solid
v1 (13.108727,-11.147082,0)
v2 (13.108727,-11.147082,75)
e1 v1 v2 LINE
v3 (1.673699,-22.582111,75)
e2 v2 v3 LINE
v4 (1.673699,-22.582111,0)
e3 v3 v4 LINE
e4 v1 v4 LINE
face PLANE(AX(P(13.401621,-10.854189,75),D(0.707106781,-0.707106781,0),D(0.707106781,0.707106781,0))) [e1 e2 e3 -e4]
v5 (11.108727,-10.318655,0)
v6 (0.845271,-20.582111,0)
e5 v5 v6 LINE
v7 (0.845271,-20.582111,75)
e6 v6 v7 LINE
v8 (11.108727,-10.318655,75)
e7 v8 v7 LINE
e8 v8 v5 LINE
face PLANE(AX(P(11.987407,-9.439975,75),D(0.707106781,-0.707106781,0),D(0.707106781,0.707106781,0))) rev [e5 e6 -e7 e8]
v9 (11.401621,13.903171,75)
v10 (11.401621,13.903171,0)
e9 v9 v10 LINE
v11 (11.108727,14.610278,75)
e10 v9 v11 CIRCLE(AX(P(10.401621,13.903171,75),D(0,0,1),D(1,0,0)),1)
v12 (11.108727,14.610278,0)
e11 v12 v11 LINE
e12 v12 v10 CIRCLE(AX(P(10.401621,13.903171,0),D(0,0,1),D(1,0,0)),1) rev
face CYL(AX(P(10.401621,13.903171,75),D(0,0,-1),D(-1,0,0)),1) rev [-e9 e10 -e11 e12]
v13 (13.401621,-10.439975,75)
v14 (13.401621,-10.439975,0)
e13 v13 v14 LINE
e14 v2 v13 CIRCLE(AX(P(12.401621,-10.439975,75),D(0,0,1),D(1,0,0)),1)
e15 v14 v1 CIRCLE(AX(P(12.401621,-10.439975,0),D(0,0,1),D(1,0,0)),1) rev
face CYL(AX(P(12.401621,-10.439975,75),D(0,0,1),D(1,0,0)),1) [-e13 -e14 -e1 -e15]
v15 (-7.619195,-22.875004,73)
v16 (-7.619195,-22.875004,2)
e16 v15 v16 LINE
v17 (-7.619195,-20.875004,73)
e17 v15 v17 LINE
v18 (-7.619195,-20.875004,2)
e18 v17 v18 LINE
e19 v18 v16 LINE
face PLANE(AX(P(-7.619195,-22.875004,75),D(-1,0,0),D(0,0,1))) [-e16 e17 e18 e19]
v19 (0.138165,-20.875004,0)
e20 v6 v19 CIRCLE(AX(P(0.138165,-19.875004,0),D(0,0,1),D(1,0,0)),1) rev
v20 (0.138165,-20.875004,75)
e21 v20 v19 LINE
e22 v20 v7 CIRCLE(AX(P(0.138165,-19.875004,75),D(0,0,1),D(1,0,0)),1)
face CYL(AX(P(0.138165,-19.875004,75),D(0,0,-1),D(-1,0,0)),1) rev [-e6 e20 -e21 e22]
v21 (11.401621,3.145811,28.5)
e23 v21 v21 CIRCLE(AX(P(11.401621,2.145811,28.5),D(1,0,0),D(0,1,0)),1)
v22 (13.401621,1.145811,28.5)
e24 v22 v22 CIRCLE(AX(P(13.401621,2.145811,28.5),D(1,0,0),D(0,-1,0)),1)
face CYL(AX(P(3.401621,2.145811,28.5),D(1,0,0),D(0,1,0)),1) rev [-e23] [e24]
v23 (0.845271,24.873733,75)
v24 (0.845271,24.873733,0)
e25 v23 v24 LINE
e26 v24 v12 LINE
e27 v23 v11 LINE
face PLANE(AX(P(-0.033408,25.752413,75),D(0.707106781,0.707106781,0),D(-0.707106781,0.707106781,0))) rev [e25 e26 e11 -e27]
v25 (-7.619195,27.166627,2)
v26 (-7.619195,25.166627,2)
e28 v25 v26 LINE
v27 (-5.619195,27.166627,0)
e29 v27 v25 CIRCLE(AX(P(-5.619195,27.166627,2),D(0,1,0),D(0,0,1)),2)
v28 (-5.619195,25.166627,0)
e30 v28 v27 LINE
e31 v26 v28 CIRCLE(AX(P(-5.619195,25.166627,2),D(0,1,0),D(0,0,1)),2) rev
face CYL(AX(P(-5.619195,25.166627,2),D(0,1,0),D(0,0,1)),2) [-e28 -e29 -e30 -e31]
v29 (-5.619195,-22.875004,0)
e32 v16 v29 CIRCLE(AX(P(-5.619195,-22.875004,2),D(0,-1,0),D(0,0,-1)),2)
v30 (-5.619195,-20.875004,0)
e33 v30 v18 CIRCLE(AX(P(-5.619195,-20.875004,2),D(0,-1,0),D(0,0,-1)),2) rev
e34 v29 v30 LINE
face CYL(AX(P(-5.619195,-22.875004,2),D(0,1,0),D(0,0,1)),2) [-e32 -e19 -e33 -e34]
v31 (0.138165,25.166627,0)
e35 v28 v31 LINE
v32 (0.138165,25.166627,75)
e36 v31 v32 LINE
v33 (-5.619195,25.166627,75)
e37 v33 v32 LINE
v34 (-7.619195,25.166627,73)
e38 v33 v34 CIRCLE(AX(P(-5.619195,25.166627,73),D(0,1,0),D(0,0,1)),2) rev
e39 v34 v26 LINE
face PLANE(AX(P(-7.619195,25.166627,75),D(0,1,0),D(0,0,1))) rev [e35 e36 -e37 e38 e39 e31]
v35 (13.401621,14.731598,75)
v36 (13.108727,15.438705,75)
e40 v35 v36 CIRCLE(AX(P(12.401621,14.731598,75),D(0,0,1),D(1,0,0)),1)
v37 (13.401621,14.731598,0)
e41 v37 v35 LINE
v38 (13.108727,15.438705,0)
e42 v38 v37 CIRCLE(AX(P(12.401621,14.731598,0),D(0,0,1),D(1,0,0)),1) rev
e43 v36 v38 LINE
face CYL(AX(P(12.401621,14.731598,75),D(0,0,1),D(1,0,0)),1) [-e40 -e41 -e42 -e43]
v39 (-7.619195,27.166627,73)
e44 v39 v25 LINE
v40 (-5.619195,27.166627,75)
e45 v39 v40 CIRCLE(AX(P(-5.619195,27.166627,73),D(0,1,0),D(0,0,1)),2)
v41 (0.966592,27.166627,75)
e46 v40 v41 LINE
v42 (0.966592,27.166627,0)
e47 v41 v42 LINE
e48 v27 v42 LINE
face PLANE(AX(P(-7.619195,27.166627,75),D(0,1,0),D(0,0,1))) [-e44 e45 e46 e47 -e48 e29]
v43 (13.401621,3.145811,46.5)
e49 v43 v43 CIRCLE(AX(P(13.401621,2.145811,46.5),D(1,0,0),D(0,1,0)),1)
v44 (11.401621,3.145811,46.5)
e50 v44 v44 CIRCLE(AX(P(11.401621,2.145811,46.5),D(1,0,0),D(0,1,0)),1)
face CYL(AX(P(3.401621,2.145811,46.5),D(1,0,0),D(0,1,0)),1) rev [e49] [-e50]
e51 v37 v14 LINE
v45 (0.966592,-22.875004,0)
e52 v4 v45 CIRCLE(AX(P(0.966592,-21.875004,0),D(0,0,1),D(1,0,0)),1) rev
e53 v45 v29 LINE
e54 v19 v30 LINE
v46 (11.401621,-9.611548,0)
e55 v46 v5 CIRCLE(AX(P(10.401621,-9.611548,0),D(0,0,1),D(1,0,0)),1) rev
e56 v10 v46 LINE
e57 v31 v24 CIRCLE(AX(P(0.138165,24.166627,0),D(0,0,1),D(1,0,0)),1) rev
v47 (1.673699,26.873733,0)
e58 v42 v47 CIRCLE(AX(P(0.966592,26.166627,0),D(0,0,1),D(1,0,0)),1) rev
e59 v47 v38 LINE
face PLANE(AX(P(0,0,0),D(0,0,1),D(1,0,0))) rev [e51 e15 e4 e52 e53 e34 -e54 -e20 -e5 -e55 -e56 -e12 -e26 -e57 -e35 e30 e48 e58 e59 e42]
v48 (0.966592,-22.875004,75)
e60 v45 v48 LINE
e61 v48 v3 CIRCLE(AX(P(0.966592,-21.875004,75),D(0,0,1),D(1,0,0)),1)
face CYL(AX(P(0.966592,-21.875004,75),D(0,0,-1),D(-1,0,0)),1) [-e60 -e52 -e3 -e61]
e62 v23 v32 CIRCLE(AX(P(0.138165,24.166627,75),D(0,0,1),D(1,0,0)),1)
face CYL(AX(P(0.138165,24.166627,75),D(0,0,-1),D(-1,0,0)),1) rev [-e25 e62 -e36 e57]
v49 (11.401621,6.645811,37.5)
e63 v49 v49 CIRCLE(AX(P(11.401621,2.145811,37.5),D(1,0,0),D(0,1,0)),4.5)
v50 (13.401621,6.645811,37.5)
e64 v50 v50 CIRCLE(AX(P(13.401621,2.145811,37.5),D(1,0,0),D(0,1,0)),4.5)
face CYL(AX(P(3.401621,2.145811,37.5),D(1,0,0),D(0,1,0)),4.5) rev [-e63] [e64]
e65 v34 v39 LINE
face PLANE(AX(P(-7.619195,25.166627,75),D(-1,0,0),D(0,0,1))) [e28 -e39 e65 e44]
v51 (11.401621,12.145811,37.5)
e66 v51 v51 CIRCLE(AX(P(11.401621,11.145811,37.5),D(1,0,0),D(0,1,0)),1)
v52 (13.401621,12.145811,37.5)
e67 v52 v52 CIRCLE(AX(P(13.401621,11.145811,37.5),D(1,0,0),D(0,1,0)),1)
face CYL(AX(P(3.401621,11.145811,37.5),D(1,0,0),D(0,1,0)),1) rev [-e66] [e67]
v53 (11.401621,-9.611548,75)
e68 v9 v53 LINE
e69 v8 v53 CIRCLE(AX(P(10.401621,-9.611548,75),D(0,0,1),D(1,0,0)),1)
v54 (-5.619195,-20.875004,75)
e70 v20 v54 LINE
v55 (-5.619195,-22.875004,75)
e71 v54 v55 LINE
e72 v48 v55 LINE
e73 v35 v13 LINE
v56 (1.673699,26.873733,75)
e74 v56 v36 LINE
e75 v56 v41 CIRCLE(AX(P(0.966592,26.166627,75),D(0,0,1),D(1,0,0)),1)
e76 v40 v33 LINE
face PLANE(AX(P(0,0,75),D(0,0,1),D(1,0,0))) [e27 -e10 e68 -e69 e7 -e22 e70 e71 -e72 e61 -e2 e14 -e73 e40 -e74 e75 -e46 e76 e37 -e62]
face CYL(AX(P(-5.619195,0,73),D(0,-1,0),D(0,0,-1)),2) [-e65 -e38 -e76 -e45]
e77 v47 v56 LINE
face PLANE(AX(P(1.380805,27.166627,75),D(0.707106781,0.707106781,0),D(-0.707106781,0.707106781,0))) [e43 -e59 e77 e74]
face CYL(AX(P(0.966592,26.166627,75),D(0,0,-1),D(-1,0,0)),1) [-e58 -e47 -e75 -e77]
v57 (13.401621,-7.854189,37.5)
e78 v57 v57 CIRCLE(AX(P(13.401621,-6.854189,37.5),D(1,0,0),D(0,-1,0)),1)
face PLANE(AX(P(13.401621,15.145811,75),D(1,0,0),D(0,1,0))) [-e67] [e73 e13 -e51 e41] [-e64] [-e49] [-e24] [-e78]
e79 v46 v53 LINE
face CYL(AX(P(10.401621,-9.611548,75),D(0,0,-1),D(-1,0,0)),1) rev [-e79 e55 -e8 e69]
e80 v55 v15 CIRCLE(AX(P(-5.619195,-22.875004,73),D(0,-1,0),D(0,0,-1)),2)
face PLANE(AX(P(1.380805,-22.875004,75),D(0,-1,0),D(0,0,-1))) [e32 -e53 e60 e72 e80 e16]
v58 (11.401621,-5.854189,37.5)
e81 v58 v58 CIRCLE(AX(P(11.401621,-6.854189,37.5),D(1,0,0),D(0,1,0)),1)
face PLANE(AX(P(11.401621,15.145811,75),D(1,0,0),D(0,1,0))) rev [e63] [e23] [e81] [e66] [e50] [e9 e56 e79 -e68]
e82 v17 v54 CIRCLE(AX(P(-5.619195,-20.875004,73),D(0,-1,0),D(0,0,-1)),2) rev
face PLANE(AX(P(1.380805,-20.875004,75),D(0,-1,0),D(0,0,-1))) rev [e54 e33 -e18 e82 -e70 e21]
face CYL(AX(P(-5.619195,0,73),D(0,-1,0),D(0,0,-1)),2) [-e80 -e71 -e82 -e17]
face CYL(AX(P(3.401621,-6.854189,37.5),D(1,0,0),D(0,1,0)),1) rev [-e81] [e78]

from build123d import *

# Parameters (mm, degrees)
EXTRU_MINCE1_DEPTH      = 75
ESQUISSE2_R             = 4.5
ESQUISSE2_R_2           = 1
ENL_V_MAT_EXTRU_1_DEPTH = 10
CONG_1_R                = 2
CONG_2_R                = 2
CONG_3_R                = 2
CONG_4_R                = 2
CONG_5_R                = 1
CONG_6_R                = 1
CONG_7_R                = 1
CONG_8_R                = 1
CONG_9_R                = 1
CONG_10_R               = 1
CONG_11_R               = 1
CONG_12_R               = 1


with BuildPart() as part:
    # Esquisse1 → Extru.-Mince1 (new body)
    with BuildSketch(Plane.XY):
        Polygon((-7.619194622, 27.166626694), (1.380805378, 27.166626694), (13.401620658, 15.145811413), (13.401620658, -10.854188587), (1.380805378, -22.875003867), (-7.619194622, -22.875003867), (-7.619194622, -20.875003867), (0.552378253, -20.875003867), (11.401620658, -10.025761462), (11.401620658, 14.317384289), (0.552378253, 25.166626694), (-7.619194622, 25.166626694), align=None)
    extrude(amount=EXTRU_MINCE1_DEPTH)

    # Esquisse2 → Enlèv. mat.-Extru.1 (cut)
    with BuildSketch(Plane(origin=(13.401620658, 0, 0), x_dir=(0, 0, -1), z_dir=(1, 0, 0))):
        with Locations(Location((-37.5, 2.145811413, 0), (0, 0, 90))):
            Circle(ESQUISSE2_R)
        with Locations(Location((-46.5, 2.145811413, 0), (0, 0, 90))):
            Circle(ESQUISSE2_R_2)
        with Locations(Location((-28.5, 2.145811413, 0), (0, 0, 90))):
            Circle(ESQUISSE2_R_2)
        with Locations(Location((-37.5, 11.145811413, 0), (0, 0, 90))):
            Circle(ESQUISSE2_R_2)
        with Locations(Location((-37.5, -6.854188587, 0), (0, 0, 90))):
            Circle(ESQUISSE2_R_2)
    extrude(amount=-ENL_V_MAT_EXTRU_1_DEPTH, mode=Mode.SUBTRACT)

    # Congé1
    cong_1_edges = [part.edges().sort_by_distance(p)[0] for p in [
        (-7.619194622, 26.166626694, 0),
    ]]
    fillet(cong_1_edges, radius=CONG_1_R)

    # Congé2
    cong_2_edges = [part.edges().sort_by_distance(p)[0] for p in [
        (-7.619194622, -21.875003867, 0),
    ]]
    fillet(cong_2_edges, radius=CONG_2_R)

    # Congé3
    cong_3_edges = [part.edges().sort_by_distance(p)[0] for p in [
        (-7.619194622, -21.875003867, 75),
    ]]
    fillet(cong_3_edges, radius=CONG_3_R)

    # Congé4
    cong_4_edges = [part.edges().sort_by_distance(p)[0] for p in [
        (-7.619194622, 26.166626694, 75),
    ]]
    fillet(cong_4_edges, radius=CONG_4_R)

    # Congé5
    cong_5_edges = [part.edges().sort_by_distance(p)[0] for p in [
        (11.401620658, 14.317384289, 37.5),
    ]]
    fillet(cong_5_edges, radius=CONG_5_R)

    # Congé6
    cong_6_edges = [part.edges().sort_by_distance(p)[0] for p in [
        (11.401620658, -10.025761462, 37.5),
    ]]
    fillet(cong_6_edges, radius=CONG_6_R)

    # Congé7
    cong_7_edges = [part.edges().sort_by_distance(p)[0] for p in [
        (13.401620658, -10.854188587, 37.5),
    ]]
    fillet(cong_7_edges, radius=CONG_7_R)

    # Congé8
    cong_8_edges = [part.edges().sort_by_distance(p)[0] for p in [
        (13.401620658, 15.145811413, 37.5),
    ]]
    fillet(cong_8_edges, radius=CONG_8_R)

    # Congé9
    cong_9_edges = [part.edges().sort_by_distance(p)[0] for p in [
        (1.380805378, 27.166626694, 37.5),
    ]]
    fillet(cong_9_edges, radius=CONG_9_R)

    # Congé10
    cong_10_edges = [part.edges().sort_by_distance(p)[0] for p in [
        (1.380805378, -22.875003867, 37.5),
    ]]
    fillet(cong_10_edges, radius=CONG_10_R)

    # Congé11
    cong_11_edges = [part.edges().sort_by_distance(p)[0] for p in [
        (0.552378253, 25.166626694, 37.5),
    ]]
    fillet(cong_11_edges, radius=CONG_11_R)

    # Congé12
    cong_12_edges = [part.edges().sort_by_distance(p)[0] for p in [
        (0.552378253, -20.875003867, 37.5),
    ]]
    fillet(cong_12_edges, radius=CONG_12_R)


solid = part.part
